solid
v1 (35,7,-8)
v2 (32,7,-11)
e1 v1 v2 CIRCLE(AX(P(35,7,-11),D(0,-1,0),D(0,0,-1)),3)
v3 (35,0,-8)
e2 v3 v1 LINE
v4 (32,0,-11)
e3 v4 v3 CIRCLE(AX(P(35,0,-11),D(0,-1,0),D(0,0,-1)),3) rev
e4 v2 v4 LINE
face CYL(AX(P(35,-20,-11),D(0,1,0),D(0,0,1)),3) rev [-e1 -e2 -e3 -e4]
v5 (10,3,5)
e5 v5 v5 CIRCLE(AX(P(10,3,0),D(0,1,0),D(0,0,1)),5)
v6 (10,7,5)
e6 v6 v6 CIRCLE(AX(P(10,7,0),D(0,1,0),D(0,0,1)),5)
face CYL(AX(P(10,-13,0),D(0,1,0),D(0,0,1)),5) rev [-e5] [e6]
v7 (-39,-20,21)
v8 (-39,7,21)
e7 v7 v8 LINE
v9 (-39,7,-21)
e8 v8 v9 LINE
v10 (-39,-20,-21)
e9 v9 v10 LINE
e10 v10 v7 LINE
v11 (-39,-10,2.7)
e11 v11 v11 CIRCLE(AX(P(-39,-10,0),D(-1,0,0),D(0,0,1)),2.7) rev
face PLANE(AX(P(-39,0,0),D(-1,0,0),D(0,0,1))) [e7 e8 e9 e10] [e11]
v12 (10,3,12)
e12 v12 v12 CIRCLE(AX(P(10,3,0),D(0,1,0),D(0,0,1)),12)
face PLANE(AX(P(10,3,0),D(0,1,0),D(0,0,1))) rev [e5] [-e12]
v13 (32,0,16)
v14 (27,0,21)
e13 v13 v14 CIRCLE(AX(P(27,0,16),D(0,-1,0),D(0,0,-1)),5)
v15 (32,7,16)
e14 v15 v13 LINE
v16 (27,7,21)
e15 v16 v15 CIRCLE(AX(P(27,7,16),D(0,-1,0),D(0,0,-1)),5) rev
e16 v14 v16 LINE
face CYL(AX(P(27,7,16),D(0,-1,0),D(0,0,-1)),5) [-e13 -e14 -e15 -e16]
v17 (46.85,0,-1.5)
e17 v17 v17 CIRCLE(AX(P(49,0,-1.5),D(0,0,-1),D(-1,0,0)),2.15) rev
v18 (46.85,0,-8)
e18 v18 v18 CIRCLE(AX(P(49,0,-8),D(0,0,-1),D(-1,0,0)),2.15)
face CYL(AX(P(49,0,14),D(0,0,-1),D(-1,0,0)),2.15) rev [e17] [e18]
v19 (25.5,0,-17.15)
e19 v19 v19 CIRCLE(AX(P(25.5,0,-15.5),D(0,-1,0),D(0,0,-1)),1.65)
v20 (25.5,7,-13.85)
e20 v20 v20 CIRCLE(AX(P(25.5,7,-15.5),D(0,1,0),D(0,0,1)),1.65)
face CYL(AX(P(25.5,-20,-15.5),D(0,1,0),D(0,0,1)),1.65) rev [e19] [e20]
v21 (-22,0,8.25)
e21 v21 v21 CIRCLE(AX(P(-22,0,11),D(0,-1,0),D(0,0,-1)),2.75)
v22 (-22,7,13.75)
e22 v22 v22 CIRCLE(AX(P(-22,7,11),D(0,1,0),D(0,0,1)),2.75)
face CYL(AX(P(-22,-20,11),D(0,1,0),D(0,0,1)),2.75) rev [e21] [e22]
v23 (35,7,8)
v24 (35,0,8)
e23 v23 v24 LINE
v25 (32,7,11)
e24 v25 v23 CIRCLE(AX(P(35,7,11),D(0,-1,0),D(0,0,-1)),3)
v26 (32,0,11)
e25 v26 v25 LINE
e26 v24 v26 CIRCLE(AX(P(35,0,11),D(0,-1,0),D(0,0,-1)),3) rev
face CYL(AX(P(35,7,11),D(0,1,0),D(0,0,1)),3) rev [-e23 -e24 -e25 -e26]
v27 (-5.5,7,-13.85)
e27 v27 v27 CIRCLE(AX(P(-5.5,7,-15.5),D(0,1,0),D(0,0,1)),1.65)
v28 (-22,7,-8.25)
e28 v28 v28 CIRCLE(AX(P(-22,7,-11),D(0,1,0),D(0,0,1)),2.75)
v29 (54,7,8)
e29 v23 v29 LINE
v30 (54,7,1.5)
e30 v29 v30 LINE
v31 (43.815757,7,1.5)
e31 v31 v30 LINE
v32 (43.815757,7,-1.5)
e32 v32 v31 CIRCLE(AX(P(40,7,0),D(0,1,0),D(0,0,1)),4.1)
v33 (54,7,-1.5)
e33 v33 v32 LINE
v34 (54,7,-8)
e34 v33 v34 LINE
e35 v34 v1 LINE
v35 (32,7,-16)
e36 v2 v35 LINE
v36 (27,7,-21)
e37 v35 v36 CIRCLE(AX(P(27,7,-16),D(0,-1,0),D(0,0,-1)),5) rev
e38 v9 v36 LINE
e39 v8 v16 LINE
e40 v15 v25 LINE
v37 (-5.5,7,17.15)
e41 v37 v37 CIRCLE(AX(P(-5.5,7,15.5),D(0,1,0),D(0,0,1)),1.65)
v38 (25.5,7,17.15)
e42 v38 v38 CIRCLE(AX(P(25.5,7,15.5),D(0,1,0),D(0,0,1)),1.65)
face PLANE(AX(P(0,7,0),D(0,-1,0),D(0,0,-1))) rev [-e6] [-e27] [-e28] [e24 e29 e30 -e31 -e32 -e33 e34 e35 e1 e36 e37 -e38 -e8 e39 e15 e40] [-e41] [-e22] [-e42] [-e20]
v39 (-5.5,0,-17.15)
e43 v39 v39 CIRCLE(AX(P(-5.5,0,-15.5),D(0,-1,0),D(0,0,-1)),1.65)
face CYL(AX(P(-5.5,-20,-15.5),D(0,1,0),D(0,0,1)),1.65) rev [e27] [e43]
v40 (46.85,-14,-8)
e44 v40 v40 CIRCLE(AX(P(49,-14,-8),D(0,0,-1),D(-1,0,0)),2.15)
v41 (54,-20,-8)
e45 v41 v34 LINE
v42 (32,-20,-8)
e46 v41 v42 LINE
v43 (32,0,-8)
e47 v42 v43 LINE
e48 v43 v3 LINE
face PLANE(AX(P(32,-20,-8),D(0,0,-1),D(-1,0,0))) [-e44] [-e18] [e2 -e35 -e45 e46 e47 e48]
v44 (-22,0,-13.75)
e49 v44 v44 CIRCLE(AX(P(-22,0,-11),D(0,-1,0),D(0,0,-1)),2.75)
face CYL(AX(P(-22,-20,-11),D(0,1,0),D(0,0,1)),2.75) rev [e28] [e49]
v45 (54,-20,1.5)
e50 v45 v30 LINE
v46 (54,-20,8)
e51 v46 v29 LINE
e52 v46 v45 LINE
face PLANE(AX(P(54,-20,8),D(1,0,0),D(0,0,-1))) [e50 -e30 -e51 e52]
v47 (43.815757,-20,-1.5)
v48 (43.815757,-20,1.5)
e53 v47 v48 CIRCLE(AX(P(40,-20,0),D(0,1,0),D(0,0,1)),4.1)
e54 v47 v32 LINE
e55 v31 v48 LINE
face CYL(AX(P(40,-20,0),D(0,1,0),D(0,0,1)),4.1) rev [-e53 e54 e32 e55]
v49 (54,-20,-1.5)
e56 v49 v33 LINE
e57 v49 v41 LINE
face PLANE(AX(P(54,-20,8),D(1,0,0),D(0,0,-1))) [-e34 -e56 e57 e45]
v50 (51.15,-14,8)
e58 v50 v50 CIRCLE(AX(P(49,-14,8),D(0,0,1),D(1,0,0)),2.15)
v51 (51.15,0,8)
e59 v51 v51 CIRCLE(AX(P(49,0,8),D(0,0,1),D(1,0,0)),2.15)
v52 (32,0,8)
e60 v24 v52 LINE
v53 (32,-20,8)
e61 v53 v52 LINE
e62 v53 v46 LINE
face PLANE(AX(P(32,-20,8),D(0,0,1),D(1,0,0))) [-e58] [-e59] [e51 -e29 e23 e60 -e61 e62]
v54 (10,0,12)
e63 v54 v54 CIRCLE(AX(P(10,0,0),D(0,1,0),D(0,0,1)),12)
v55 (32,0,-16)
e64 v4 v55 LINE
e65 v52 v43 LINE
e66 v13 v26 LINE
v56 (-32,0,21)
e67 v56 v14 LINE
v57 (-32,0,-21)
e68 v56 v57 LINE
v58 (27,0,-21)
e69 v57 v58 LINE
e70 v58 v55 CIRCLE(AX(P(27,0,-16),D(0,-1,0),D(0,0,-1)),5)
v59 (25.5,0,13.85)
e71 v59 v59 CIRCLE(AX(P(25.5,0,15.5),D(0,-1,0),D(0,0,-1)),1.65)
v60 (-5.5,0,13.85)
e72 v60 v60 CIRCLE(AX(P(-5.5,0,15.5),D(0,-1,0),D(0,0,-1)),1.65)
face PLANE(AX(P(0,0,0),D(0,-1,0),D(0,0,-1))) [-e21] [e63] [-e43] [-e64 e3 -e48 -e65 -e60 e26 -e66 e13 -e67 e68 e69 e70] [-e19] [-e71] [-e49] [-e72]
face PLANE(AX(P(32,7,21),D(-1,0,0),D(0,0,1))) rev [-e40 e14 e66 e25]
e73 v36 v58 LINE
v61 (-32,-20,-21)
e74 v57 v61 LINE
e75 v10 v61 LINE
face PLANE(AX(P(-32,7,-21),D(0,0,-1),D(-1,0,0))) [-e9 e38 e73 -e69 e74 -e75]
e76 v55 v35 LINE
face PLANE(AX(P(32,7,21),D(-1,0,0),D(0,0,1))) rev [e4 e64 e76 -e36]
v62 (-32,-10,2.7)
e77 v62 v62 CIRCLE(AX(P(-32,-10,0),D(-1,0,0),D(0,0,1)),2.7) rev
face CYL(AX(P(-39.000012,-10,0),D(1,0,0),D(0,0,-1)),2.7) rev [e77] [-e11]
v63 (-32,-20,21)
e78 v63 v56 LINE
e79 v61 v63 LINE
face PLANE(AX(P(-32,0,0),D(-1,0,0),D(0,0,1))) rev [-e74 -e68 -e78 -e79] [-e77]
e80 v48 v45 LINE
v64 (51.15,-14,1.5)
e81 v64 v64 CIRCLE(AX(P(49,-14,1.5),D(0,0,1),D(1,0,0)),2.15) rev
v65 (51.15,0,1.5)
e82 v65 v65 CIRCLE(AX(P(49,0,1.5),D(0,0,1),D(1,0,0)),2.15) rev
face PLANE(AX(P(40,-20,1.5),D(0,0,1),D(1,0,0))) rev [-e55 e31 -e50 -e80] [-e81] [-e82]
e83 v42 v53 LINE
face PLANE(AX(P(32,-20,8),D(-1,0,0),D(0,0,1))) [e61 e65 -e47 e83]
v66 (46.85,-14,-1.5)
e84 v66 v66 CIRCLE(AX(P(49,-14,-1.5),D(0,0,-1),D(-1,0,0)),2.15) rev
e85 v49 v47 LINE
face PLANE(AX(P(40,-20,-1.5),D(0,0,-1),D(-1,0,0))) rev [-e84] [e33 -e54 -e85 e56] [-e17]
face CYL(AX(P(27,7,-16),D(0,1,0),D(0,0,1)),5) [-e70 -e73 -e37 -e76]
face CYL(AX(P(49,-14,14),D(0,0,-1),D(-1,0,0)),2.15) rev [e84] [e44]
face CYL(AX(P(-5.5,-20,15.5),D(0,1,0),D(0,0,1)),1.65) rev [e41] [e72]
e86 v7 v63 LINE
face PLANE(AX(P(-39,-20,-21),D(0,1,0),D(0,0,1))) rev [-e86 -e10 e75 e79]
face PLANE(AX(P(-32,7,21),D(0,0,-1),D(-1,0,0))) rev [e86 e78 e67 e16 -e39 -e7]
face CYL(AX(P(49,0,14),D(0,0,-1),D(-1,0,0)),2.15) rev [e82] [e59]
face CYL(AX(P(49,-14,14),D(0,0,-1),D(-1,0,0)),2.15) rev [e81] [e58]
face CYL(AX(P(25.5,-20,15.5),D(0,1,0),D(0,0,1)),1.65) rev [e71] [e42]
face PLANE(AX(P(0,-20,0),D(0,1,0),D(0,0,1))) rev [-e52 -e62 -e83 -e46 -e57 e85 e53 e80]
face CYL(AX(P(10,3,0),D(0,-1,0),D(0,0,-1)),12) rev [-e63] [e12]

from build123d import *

# Parameters (mm, degrees)
SKETCH1_W                = 64
SKETCH1_H                = 42
BOSS_EXTRUDE1_DEPTH      = 7
SKETCH11_W               = 22
SKETCH11_H               = 16
BOSS_EXTRUDE3_DEPTH      = 7
BOSS_EXTRUDE3_DEPTH_BACK = 20
SKETCH3_R                = 12
CUT_EXTRUDE2_DEPTH       = 3
SKETCH2_R                = 4.1
CUT_EXTRUDE1_DEPTH       = 28
SKETCH4_R                = 2.75
CUT_EXTRUDE3_DEPTH       = 28
SKETCH7_R                = 1.65
CUT_EXTRUDE5_DEPTH       = 28
SKETCH8_W                = 42
SKETCH8_H                = 27
BOSS_EXTRUDE2_DEPTH      = 7
SKETCH9_R                = 2.7
CUT_EXTRUDE6_DEPTH       = 1
CUT_EXTRUDE6_DEPTH_BACK  = 13
SKETCH10_R               = 5
CUT_EXTRUDE7_DEPTH       = 20
SKETCH15_R               = 2.15
CUT_EXTRUDE8_DEPTH       = 22
SKETCH16_W               = 14
SKETCH16_H               = 3
CUT_EXTRUDE9_DEPTH       = 28
FILLET1_R                = 3
FILLET2_R                = 5


with BuildPart() as part:
    # Sketch1 → Boss-Extrude1 (new body)
    with BuildSketch(Plane(origin=(0, 0, 0), x_dir=(1, 0, 0), z_dir=(0, 1, 0))):
        Rectangle(SKETCH1_W, SKETCH1_H)
    extrude(amount=BOSS_EXTRUDE1_DEPTH)

    # Sketch11 → Boss-Extrude3 (add, two sides)
    with BuildSketch(Plane(origin=(0, 0, 0), x_dir=(1, 0, 0), z_dir=(0, 1, 0))) as boss_extrude3_sk:
        with Locations((43, 0)):
            Rectangle(SKETCH11_W, SKETCH11_H)
    extrude(amount=BOSS_EXTRUDE3_DEPTH)
    extrude(boss_extrude3_sk.sketch, amount=-BOSS_EXTRUDE3_DEPTH_BACK)

    # Sketch3 → Cut-Extrude2 (cut)
    with BuildSketch(Plane(origin=(0, 0, 0), x_dir=(1, 0, 0), z_dir=(0, 1, 0))):
        with Locations((10, 0)):
            Circle(SKETCH3_R)
    extrude(amount=CUT_EXTRUDE2_DEPTH, mode=Mode.SUBTRACT)

    # Sketch2 → Cut-Extrude1 (cut, through all)
    with BuildSketch(Plane(origin=(0, 7, 0), x_dir=(1, 0, 0), z_dir=(0, 1, 0))):
        with Locations((40, 0)):
            Circle(SKETCH2_R)
    extrude(amount=-CUT_EXTRUDE1_DEPTH, mode=Mode.SUBTRACT)

    # Sketch4 → Cut-Extrude3 (cut, through all)
    with BuildSketch(Plane(origin=(0, 7, 0), x_dir=(1, 0, 0), z_dir=(0, 1, 0))):
        with Locations((-22, 11)):
            Circle(SKETCH4_R)
        with Locations((-22, -11)):
            Circle(SKETCH4_R)
    extrude(amount=-CUT_EXTRUDE3_DEPTH, mode=Mode.SUBTRACT)

    # Sketch7 → Cut-Extrude5 (cut, through all)
    with BuildSketch(Plane(origin=(0, 7, 0), x_dir=(1, 0, 0), z_dir=(0, 1, 0))):
        with Locations((-5.5, 15.5)):
            Circle(SKETCH7_R)
        with Locations((25.5, 15.5)):
            Circle(SKETCH7_R)
        with Locations((25.5, -15.5)):
            Circle(SKETCH7_R)
        with Locations((-5.5, -15.5)):
            Circle(SKETCH7_R)
    extrude(amount=-CUT_EXTRUDE5_DEPTH, mode=Mode.SUBTRACT)

    # Sketch8 → Boss-Extrude2 (add)
    with BuildSketch(Plane.ZY.offset(32)):
        with Locations((0, -6.5)):
            Rectangle(SKETCH8_W, SKETCH8_H)
    extrude(amount=BOSS_EXTRUDE2_DEPTH)

    # Sketch9 → Cut-Extrude6 (cut, two sides)
    with BuildSketch(Plane.ZY.offset(39)) as cut_extrude6_sk:
        with Locations((0, -10)):
            Circle(SKETCH9_R)
    extrude(amount=CUT_EXTRUDE6_DEPTH, mode=Mode.SUBTRACT)
    extrude(cut_extrude6_sk.sketch, amount=-CUT_EXTRUDE6_DEPTH_BACK, mode=Mode.SUBTRACT)

    # Sketch10 → Cut-Extrude7 (cut)
    with BuildSketch(Plane(origin=(0, 7, 0), x_dir=(1, 0, 0), z_dir=(0, 1, 0))):
        with Locations((10, 0)):
            Circle(SKETCH10_R)
    extrude(amount=-CUT_EXTRUDE7_DEPTH, mode=Mode.SUBTRACT)

    # Sketch15 → Cut-Extrude8 (cut)
    with BuildSketch(Plane(origin=(0, 0, -8), x_dir=(-1, 0, 0), z_dir=(0, 0, -1))):
        with Locations((-49, 0)):
            Circle(SKETCH15_R)
        with Locations((-49, -14)):
            Circle(SKETCH15_R)
    extrude(amount=-CUT_EXTRUDE8_DEPTH, mode=Mode.SUBTRACT)

    # Sketch16 → Cut-Extrude9 (cut, through all)
    with BuildSketch(Plane(origin=(0, 7, 0), x_dir=(1, 0, 0), z_dir=(0, 1, 0))):
        with Locations((47, 0)):
            Rectangle(SKETCH16_W, SKETCH16_H)
    extrude(amount=-CUT_EXTRUDE9_DEPTH, mode=Mode.SUBTRACT)

    # Fillet1
    fillet1_edges = [part.edges().sort_by_distance(p)[0] for p in [
        (32, 3.5, -8),
        (32, 3.5, 8),
    ]]
    fillet(fillet1_edges, radius=FILLET1_R)

    # Fillet2
    fillet2_edges = [part.edges().sort_by_distance(p)[0] for p in [
        (32, 3.5, 21),
        (32, 3.5, -21),
    ]]
    fillet(fillet2_edges, radius=FILLET2_R)


solid = part.part
